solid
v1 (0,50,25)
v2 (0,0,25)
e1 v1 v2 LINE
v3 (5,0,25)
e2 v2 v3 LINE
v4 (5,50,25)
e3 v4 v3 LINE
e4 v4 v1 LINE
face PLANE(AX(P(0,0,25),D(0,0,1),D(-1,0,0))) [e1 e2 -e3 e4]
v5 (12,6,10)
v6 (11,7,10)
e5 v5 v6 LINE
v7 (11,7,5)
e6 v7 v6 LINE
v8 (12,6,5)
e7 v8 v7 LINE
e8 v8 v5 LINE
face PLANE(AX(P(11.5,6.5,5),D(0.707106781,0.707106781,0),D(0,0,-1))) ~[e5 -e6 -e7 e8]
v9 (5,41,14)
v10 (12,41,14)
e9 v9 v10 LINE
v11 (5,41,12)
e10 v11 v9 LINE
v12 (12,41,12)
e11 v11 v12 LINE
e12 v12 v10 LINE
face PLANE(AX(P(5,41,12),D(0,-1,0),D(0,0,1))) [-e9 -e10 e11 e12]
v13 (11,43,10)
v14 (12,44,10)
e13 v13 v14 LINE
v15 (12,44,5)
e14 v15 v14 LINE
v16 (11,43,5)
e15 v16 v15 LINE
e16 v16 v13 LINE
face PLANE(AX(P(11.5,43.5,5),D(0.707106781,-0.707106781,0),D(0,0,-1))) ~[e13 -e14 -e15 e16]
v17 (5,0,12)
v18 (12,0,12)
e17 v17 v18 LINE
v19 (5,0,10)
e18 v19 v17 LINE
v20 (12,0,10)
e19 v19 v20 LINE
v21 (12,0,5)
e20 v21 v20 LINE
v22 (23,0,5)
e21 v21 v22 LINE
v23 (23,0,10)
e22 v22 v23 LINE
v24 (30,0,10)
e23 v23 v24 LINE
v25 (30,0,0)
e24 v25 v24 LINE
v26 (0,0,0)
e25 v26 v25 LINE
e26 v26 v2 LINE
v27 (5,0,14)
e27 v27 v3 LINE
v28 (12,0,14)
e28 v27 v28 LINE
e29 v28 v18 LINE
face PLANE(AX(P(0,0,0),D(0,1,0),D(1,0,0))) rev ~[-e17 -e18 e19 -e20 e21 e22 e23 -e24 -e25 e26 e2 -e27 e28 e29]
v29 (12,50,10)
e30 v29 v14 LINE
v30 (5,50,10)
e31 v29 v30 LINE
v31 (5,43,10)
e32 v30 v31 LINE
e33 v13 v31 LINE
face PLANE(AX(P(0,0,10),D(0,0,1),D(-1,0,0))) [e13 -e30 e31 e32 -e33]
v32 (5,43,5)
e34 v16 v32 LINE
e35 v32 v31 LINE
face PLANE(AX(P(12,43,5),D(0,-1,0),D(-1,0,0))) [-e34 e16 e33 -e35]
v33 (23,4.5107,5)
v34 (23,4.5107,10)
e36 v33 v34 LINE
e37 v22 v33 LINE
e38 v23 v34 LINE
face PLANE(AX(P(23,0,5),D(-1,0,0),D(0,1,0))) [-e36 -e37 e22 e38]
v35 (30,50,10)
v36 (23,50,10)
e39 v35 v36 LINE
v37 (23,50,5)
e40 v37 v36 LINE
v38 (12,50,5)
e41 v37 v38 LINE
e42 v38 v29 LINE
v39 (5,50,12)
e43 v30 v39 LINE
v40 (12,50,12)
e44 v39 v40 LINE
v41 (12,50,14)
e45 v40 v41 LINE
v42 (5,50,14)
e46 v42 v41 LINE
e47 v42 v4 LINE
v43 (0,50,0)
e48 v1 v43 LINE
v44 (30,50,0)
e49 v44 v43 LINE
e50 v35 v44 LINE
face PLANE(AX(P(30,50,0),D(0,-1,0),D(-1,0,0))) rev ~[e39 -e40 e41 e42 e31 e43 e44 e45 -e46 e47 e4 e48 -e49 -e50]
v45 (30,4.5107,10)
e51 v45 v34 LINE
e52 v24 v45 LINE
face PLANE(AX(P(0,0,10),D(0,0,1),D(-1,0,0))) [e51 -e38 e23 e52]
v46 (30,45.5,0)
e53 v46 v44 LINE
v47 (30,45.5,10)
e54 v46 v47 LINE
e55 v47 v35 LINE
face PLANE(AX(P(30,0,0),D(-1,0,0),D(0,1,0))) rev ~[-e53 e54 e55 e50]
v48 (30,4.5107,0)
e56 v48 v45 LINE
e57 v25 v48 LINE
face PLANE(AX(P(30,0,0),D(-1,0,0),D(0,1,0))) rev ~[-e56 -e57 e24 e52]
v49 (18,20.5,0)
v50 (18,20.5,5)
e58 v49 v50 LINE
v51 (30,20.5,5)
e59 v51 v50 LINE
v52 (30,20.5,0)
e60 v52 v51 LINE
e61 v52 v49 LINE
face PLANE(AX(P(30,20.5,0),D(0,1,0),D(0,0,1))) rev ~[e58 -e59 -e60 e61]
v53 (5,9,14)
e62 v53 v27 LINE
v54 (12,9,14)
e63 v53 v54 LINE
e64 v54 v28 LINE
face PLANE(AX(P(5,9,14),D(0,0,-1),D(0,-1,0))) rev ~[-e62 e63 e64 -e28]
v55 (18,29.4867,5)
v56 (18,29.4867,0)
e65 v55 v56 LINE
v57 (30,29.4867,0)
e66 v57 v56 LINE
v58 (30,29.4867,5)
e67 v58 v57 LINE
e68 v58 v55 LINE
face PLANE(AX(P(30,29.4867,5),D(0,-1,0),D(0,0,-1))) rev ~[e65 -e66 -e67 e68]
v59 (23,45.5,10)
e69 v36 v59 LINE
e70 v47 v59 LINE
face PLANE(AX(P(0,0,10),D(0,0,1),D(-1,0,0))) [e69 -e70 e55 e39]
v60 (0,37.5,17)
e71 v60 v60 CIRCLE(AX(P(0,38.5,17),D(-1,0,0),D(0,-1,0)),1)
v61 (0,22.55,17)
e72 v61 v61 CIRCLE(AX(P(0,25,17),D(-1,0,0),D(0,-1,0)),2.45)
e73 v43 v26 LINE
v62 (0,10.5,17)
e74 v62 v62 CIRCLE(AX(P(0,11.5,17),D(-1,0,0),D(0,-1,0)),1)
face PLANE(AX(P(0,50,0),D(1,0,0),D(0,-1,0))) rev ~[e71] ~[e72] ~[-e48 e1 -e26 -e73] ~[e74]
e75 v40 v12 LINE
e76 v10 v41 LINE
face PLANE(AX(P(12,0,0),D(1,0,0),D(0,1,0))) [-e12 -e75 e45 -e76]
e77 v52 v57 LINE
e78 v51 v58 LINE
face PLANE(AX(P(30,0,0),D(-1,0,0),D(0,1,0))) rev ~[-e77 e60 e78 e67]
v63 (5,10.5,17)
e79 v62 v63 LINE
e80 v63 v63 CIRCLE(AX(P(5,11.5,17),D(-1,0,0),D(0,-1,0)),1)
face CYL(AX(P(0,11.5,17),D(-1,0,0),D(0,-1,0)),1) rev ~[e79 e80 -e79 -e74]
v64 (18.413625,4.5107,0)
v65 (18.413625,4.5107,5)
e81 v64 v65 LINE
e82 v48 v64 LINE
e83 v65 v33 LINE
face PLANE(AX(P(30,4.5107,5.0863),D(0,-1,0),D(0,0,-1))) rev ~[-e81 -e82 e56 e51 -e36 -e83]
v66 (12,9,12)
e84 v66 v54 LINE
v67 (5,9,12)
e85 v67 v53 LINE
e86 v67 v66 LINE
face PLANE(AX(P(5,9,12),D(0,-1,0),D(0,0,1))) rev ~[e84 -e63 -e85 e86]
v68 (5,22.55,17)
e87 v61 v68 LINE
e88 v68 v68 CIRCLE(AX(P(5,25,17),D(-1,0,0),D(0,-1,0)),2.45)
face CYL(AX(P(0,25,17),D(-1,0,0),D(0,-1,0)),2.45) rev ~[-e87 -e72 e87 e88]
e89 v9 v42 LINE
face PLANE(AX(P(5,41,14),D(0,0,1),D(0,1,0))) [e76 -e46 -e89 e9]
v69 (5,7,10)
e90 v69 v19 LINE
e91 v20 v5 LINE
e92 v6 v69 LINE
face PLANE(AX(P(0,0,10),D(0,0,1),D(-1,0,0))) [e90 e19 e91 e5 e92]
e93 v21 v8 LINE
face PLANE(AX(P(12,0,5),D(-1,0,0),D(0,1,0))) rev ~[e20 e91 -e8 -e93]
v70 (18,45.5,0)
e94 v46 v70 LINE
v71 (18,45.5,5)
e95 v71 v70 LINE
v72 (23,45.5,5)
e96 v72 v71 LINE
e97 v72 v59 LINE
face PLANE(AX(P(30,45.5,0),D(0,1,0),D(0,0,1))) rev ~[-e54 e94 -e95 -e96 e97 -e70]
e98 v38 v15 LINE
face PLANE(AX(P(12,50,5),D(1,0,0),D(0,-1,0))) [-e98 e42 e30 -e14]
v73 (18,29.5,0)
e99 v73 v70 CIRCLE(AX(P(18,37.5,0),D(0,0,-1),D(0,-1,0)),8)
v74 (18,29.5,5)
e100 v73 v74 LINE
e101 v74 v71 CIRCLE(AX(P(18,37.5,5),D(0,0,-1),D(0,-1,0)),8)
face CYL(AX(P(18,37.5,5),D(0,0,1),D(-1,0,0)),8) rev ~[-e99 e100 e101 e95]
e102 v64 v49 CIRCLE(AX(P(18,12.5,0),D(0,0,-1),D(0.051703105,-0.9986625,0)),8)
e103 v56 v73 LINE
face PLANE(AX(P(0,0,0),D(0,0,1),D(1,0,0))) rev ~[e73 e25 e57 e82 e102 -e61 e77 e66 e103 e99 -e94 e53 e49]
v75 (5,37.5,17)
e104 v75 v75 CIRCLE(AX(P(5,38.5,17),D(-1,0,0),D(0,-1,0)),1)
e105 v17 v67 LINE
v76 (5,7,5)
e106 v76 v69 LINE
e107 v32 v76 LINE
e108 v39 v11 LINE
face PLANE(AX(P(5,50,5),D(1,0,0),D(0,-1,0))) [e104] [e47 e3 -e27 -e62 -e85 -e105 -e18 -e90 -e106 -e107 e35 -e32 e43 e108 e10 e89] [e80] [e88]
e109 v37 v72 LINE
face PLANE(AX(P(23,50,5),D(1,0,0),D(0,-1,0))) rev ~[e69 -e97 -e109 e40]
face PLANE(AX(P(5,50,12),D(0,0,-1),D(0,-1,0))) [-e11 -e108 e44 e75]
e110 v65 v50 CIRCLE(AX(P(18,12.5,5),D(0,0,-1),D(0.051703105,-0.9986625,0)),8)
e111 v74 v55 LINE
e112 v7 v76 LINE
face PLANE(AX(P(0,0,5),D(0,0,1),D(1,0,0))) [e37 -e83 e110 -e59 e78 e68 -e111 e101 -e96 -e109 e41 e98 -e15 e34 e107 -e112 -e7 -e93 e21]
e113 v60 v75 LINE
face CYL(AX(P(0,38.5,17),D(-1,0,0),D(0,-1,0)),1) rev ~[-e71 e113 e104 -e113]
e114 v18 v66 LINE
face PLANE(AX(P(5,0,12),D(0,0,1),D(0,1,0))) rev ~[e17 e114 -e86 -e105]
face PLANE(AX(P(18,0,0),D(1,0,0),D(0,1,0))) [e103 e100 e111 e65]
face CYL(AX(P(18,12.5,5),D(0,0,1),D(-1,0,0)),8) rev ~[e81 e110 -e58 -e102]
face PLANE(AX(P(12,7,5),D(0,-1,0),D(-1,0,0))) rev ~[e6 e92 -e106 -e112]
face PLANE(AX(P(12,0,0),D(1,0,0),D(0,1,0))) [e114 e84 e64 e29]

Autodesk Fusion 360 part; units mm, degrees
sketch "Sketch1" plane through (0, 0, 0) normal (0, 0, 1) x (1, 0, 0)
  line L0 (0, 0) -> (30, 0)
  line L1 (30, 0) -> (30, 50)
  line L2 (30, 50) -> (0, 50)
  line L3 (0, 50) -> (0, 0)
  dimension "d1" = 30
  dimension "d2" = 50
extrude "Extrude1" add sketch "Sketch1" along normal blind 5
sketch "Sketch2" plane through (0, 0, 5) normal (0, 0, 1) x (-1, 0, 0)
  line L0 (0, -50) -> (0, 0)
  line L1 (0, 0) -> (-30, 0)
  line L2 (-30, 0) -> (-30, -50)
  line L3 (-30, -50) -> (0, -50)
  line L4 (0, -50) -> (-5, -50)
  line L5 (-5, -50) -> (-5, 0)
  line L6 (-5, 0) -> (0, 0)
  line L7 (0, 0) -> (0, -50)
extrude "Extrude2" add sketch "Sketch2" along normal blind 20 contours L0 L1 L3 L4 L5 L6 L7
sketch "Sketch3" plane through (0, 0, 5) normal (0, 0, 1) x (-1, 0, 0)
  line L0 (-5, -50) -> (-5, 0)
  line L1 (-5, 0) -> (-30, 0)
  line L2 (-30, 0) -> (-30, -50)
  line L3 (-30, -50) -> (-5, -50)
  line L4 (-30, 0) -> (-23, 0)
  line L5 (-23, 0) -> (-23, -7)
  line L6 (-23, -7) -> (-30, -7)
  line L7 (-30, -7) -> (-30, 0)
  line L8 (-30, -50) -> (-23, -50)
  line L9 (-23, -50) -> (-23, -43)
  line L10 (-23, -43) -> (-30, -43)
  line L11 (-30, -43) -> (-30, -50)
  line L12 (-5, -50) -> (-12, -50)
  line L13 (-12, -50) -> (-12, -43)
  line L14 (-12, -43) -> (-5, -43)
  line L15 (-5, -43) -> (-5, -50)
  line L16 (-5, 0) -> (-12, 0)
  line L17 (-12, 0) -> (-12, -7)
  line L18 (-12, -7) -> (-5, -7)
  line L19 (-5, -7) -> (-5, 0)
  circle A0 centre (-18, -12.5) radius 8
  circle A1 centre (-18, -37.5) radius 8
  dimension "d7" = 7
  dimension "d8" = 7
  dimension "d9" = 7
  dimension "d10" = 7
  dimension "d11" = 7
  dimension "d12" = 7
  dimension "d13" = 7
  dimension "d14" = 7
  dimension "d16" = 16
  dimension "d17" = 16
extrude "Extrude3" cut sketch "Sketch3" against normal blind 5 contours L9 L10 A1 | L5 L6 A0 picked at (-16.0576, -35.427) picked at (-16.0576, -14.573)
extrude "Extrude4" add sketch "Sketch3" along normal blind 5 contours L0 L3 L12 L13 L14 L15 | L0 L1 L16 L17 L18 L19 | L2 L3 L8 L9 L10 L11 A1 | L1 L2 L4 L5 L6 L7 A0
extrude "Extrude5" cut sketch "Sketch3" against normal blind 5 contours L9 L10 A1 | L5 L6 A0 picked at (-23.2774, -43.2566) picked at (-23.2774, -6.7434)
chamfer "Chamfer1" distance 1 angle 45 2 edges at (12, 7, 7.5) (12, 43, 7.5)
sketch "Sketch4" plane through (30, 0, 0) normal (1, 0, 0) x (0, 1, 0)
  line L0 (0, 0) -> (50, 0)
  line L1 (50, 0) -> (50, 10)
  line L2 (50, 10) -> (43, 10)
  line L3 (43, 10) -> (43, 5)
  line L4 (43, 5) -> (7, 5)
  line L5 (7, 5) -> (7, 10)
  line L6 (7, 10) -> (0, 10)
  line L7 (0, 10) -> (0, 0)
  line L8 (20.5, 5.0863) -> (4.5107, 5.0863)
  line L9 (4.5107, 5.0863) -> (4.5107, 0)
  line L10 (4.5107, 0) -> (20.5, 0)
  line L11 (20.5, 0) -> (20.5, 5.0863)
  line L12 (29.4867, 0) -> (45.5, 0)
  line L13 (45.5, 0) -> (45.5, 5.0968)
  line L14 (45.5, 5.0968) -> (29.4867, 5.0968)
  line L15 (29.4867, 5.0968) -> (29.4867, 0)
  line L16 (7, 10) -> (4.5107, 10)
  line L17 (4.5107, 10) -> (4.5107, 5.0863)
  line L18 (4.5107, 5.0863) -> (7, 5.0863)
  line L19 (7, 5.0863) -> (7, 10)
  line L20 (43, 10) -> (45.5, 10)
  line L21 (45.5, 10) -> (45.5, 5.0968)
  line L22 (45.5, 5.0968) -> (43, 5.0968)
  line L23 (43, 5.0968) -> (43, 10)
extrude "Extrude6" cut sketch "Sketch4" against normal blind 12 contours L0 L4 L5 L8 L9 L10 L11 L18 | L5 L6 L8 L16 L17 L18 L19 | L0 L3 L4 L12 L13 L14 L15 L22 | L2 L3 L14 L20 L21 L22 L23
sketch "Sketch5" plane through (0, 0, 0) normal (-1, 0, 0) x (0, -1, 0)
  line L0 (-50, 0) -> (0, 0)
  line L1 (0, 0) -> (0, 25)
  line L2 (0, 25) -> (-50, 25)
  line L3 (-50, 25) -> (-50, 0)
  circle A0 centre (-25, 17) radius 2.45
  circle A1 centre (-38.5, 17) radius 1
  circle A2 centre (-11.5, 17) radius 1
  dimension "d27" = 4.9
  dimension "d36" = 2
  dimension "d37" = 2
extrude "Extrude7" cut sketch "Sketch5" against normal blind 5 contours A0 | A1 | A2
sketch "Sketch6" plane through (5, 0, 0) normal (1, 0, 0) x (0, 1, 0)
  circle A0 centre (25, 17) radius 2.45
  line L0 (0, 10) -> (7, 10)
  line L1 (7, 10) -> (7, 5)
  line L2 (7, 5) -> (43, 5)
  line L3 (43, 5) -> (43, 10)
  line L4 (43, 10) -> (50, 10)
  line L5 (50, 10) -> (50, 25)
  line L6 (50, 25) -> (0, 25)
  line L7 (0, 25) -> (0, 10)
  line L8 (0, 12) -> (9, 12)
  line L9 (9, 12) -> (9, 14)
  line L10 (9, 14) -> (0, 14)
  line L11 (0, 14) -> (0, 12)
  line L12 (50, 12) -> (41, 12)
  line L13 (41, 12) -> (41, 14)
  line L14 (41, 14) -> (50, 14)
  line L15 (50, 14) -> (50, 12)
  circle A1 centre (11.5, 17) radius 1
  circle A2 centre (38.5, 17) radius 1
extrude "Extrude8" add sketch "Sketch6" along normal blind 7 contours L7 L8 L9 L10 L11 | L5 L12 L13 L14 L15
